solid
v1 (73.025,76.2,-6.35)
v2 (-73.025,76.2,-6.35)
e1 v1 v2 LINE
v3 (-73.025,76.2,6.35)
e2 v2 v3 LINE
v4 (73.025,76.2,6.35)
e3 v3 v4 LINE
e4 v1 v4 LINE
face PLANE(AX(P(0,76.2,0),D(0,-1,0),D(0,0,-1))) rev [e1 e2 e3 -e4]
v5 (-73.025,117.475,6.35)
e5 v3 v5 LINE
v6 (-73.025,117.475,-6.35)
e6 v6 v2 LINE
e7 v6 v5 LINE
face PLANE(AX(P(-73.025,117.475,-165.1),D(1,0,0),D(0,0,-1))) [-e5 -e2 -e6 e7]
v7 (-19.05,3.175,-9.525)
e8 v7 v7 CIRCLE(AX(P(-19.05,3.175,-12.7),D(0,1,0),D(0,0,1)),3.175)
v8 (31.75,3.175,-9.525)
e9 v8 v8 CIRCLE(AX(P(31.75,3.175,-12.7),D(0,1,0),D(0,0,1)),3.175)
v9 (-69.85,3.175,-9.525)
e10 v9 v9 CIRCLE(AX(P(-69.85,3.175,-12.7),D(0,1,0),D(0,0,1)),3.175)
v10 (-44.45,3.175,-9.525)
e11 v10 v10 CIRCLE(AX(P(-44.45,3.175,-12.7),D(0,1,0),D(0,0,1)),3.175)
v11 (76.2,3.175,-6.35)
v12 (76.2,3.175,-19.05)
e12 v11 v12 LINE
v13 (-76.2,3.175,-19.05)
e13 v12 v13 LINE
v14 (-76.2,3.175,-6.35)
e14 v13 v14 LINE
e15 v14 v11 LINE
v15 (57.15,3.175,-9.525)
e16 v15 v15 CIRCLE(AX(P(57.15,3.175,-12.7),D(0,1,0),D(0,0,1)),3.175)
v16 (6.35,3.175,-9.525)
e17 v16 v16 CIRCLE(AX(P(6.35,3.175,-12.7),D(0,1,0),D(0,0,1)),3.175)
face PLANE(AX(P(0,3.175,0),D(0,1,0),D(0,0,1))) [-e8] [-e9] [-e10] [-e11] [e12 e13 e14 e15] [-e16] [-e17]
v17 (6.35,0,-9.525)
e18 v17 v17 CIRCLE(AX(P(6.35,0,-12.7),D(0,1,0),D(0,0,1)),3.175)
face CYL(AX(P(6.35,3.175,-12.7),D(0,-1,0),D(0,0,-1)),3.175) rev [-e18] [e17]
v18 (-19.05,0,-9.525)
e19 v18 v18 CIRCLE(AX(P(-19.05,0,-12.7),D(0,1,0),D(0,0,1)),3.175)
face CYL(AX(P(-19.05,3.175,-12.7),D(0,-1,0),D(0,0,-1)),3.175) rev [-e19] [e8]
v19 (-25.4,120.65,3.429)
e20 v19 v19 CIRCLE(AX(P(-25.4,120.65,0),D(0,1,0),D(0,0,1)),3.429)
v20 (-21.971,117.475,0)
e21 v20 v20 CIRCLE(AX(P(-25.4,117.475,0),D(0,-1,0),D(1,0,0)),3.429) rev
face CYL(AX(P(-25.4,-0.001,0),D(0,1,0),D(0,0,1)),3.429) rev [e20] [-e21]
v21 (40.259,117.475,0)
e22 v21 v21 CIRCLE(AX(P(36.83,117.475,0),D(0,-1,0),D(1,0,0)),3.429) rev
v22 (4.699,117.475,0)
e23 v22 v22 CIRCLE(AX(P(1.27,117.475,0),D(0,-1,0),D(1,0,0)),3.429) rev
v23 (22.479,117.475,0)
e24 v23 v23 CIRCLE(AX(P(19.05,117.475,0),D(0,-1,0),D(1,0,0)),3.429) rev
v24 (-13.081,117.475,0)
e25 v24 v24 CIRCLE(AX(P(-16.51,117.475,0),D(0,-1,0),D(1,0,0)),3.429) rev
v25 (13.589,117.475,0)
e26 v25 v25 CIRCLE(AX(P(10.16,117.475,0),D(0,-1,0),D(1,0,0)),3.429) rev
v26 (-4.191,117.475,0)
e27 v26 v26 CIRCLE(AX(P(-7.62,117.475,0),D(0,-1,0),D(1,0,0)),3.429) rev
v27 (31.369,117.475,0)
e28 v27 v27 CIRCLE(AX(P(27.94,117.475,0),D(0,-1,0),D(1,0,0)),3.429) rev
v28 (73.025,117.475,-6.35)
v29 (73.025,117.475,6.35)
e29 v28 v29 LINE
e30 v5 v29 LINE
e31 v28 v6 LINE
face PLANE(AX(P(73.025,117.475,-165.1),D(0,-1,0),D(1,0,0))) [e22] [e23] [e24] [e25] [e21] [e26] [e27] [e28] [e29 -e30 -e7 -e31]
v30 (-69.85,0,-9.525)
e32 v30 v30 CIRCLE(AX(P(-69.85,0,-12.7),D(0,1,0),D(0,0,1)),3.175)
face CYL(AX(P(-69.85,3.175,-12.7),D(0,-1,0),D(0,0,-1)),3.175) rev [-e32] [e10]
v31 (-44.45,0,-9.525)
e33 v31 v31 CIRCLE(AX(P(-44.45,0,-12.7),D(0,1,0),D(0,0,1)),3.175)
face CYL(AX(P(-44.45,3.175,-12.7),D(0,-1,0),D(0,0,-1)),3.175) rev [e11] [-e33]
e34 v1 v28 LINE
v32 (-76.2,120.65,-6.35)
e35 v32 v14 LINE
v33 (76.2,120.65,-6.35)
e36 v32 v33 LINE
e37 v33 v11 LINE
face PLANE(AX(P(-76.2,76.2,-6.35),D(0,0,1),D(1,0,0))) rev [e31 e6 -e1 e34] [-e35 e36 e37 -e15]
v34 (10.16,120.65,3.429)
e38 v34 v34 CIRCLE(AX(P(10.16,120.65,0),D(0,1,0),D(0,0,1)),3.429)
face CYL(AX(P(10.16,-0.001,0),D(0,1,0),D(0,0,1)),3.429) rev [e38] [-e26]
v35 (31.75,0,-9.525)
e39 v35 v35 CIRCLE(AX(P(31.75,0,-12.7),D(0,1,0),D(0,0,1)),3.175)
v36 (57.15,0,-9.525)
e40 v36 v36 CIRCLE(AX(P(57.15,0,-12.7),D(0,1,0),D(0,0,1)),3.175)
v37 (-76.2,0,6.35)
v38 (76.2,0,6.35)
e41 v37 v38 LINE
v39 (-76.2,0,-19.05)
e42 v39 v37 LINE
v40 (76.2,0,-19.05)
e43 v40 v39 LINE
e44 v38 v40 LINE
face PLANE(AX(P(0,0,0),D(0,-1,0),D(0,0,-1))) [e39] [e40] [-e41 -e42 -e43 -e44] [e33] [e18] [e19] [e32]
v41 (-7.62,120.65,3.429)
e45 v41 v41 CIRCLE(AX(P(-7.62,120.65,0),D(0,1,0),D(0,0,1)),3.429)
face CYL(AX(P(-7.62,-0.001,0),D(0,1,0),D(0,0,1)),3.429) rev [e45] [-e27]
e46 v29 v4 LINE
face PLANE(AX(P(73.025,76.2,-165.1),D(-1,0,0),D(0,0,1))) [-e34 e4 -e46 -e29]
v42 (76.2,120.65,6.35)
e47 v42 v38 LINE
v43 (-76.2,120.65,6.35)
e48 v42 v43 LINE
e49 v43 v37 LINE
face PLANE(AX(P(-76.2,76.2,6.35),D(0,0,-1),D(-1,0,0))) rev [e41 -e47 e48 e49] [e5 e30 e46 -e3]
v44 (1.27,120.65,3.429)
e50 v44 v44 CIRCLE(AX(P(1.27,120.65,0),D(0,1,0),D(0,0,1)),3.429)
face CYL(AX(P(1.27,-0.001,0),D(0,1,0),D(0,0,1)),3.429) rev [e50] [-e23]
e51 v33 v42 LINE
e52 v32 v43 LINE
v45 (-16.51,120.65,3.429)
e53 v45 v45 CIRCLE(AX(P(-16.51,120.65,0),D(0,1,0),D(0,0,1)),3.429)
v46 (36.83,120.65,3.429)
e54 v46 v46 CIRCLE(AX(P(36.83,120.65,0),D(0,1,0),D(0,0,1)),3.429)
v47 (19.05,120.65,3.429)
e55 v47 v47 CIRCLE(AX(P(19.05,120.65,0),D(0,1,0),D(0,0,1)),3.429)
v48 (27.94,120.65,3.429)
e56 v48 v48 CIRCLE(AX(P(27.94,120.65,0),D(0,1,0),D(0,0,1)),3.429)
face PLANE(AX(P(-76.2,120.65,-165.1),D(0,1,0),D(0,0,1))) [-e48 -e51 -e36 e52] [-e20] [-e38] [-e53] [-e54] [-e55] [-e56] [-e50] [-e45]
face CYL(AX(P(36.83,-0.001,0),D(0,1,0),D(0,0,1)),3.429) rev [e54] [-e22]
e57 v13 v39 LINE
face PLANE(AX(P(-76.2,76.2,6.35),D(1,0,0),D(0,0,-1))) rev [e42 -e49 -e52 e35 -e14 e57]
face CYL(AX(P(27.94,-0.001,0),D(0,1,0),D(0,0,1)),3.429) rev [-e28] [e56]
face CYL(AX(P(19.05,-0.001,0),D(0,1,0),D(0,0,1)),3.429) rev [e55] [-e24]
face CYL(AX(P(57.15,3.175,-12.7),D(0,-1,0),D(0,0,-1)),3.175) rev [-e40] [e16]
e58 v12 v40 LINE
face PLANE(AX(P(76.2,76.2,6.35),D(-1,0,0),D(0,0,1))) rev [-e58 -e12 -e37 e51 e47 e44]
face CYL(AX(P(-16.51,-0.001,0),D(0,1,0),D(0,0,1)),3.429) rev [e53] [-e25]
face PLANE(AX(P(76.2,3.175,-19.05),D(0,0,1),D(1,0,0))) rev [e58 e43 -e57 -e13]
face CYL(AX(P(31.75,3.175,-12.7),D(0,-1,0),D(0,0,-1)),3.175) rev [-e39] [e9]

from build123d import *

# Parameters (mm, degrees)
SKETCH1_W           = 152.4
SKETCH1_H           = 12.7
BOSS_EXTRUDE1_DEPTH = 76.2
SKETCH2_R           = 3.175
BOSS_EXTRUDE4_DEPTH = 3.175
BOSS_EXTRUDE5_DEPTH = 12.7
CUT_EXTRUDE1_REACH  = 145.964
SKETCH4_R           = 3.429


with BuildPart() as part:
    # Sketch1 → Boss-Extrude1 (new body)
    with BuildSketch(Plane(origin=(0, 0, 0), x_dir=(1, 0, 0), z_dir=(0, 1, 0))):
        Rectangle(SKETCH1_W, SKETCH1_H)
    extrude(amount=BOSS_EXTRUDE1_DEPTH)

    # Sketch2 → Boss-Extrude4 (add)
    with BuildSketch(Plane(origin=(0, 0, 0), x_dir=(1, 0, 0), z_dir=(0, 1, 0))):
        Polygon((-76.2, 12.7), (-76.2, 6.35), (76.2, 6.35), (76.2, 19.05), (-76.2, 19.05), align=None)
        with Locations(Location((-69.85, 12.7, 0), (0, 0, 270))):
            Circle(SKETCH2_R, mode=Mode.SUBTRACT)
        with Locations(Location((-44.45, 12.7, 0), (0, 0, 270))):
            Circle(SKETCH2_R, mode=Mode.SUBTRACT)
        with Locations(Location((-19.05, 12.7, 0), (0, 0, 270))):
            Circle(SKETCH2_R, mode=Mode.SUBTRACT)
        with Locations(Location((6.35, 12.7, 0), (0, 0, 270))):
            Circle(SKETCH2_R, mode=Mode.SUBTRACT)
        with Locations(Location((31.75, 12.7, 0), (0, 0, 270))):
            Circle(SKETCH2_R, mode=Mode.SUBTRACT)
        with Locations(Location((57.15, 12.7, 0), (0, 0, 270))):
            Circle(SKETCH2_R, mode=Mode.SUBTRACT)
    extrude(amount=BOSS_EXTRUDE4_DEPTH)

    # Sketch3 → Boss-Extrude5 (add)
    with BuildSketch(Plane.XY.offset(6.35)):
        Polygon((-76.2, 76.2), (-76.2, 120.65), (76.2, 120.65), (76.2, 76.2), (73.025, 76.2), (73.025, 117.475), (-73.025, 117.475), (-73.025, 76.2), align=None)
    extrude(amount=-BOSS_EXTRUDE5_DEPTH)

    # Sketch4 → Cut-Extrude1 (cut, up to next)
    with BuildSketch(Plane(origin=(0, 120.65, 0), x_dir=(1, 0, 0), z_dir=(0, 1, 0)), mode=Mode.PRIVATE) as cut_extrude1_sk1:
        with Locations(Location((-25.4, 0, 0), (0, 0, 270))):
            Circle(SKETCH4_R)
    cut_extrude1_tool1 = extrude(cut_extrude1_sk1.sketch, amount=-CUT_EXTRUDE1_REACH, mode=Mode.PRIVATE) & part.part
    # Sketch4 → Cut-Extrude1 (cut, up to next)
    with BuildSketch(Plane(origin=(0, 120.65, 0), x_dir=(1, 0, 0), z_dir=(0, 1, 0)), mode=Mode.PRIVATE) as cut_extrude1_sk2:
        with Locations(Location((-16.51, 0, 0), (0, 0, 270))):
            Circle(SKETCH4_R)
    cut_extrude1_tool2 = extrude(cut_extrude1_sk2.sketch, amount=-CUT_EXTRUDE1_REACH, mode=Mode.PRIVATE) & part.part
    # Sketch4 → Cut-Extrude1 (cut, up to next)
    with BuildSketch(Plane(origin=(0, 120.65, 0), x_dir=(1, 0, 0), z_dir=(0, 1, 0)), mode=Mode.PRIVATE) as cut_extrude1_sk3:
        with Locations(Location((-7.62, 0, 0), (0, 0, 270))):
            Circle(SKETCH4_R)
    cut_extrude1_tool3 = extrude(cut_extrude1_sk3.sketch, amount=-CUT_EXTRUDE1_REACH, mode=Mode.PRIVATE) & part.part
    # Sketch4 → Cut-Extrude1 (cut, up to next)
    with BuildSketch(Plane(origin=(0, 120.65, 0), x_dir=(1, 0, 0), z_dir=(0, 1, 0)), mode=Mode.PRIVATE) as cut_extrude1_sk4:
        with Locations(Location((1.27, 0, 0), (0, 0, 270))):
            Circle(SKETCH4_R)
    cut_extrude1_tool4 = extrude(cut_extrude1_sk4.sketch, amount=-CUT_EXTRUDE1_REACH, mode=Mode.PRIVATE) & part.part
    # Sketch4 → Cut-Extrude1 (cut, up to next)
    with BuildSketch(Plane(origin=(0, 120.65, 0), x_dir=(1, 0, 0), z_dir=(0, 1, 0)), mode=Mode.PRIVATE) as cut_extrude1_sk5:
        with Locations(Location((10.16, 0, 0), (0, 0, 270))):
            Circle(SKETCH4_R)
    cut_extrude1_tool5 = extrude(cut_extrude1_sk5.sketch, amount=-CUT_EXTRUDE1_REACH, mode=Mode.PRIVATE) & part.part
    # Sketch4 → Cut-Extrude1 (cut, up to next)
    with BuildSketch(Plane(origin=(0, 120.65, 0), x_dir=(1, 0, 0), z_dir=(0, 1, 0)), mode=Mode.PRIVATE) as cut_extrude1_sk6:
        with Locations(Location((19.05, 0, 0), (0, 0, 270))):
            Circle(SKETCH4_R)
    cut_extrude1_tool6 = extrude(cut_extrude1_sk6.sketch, amount=-CUT_EXTRUDE1_REACH, mode=Mode.PRIVATE) & part.part
    # Sketch4 → Cut-Extrude1 (cut, up to next)
    with BuildSketch(Plane(origin=(0, 120.65, 0), x_dir=(1, 0, 0), z_dir=(0, 1, 0)), mode=Mode.PRIVATE) as cut_extrude1_sk7:
        with Locations(Location((27.94, 0, 0), (0, 0, 270))):
            Circle(SKETCH4_R)
    cut_extrude1_tool7 = extrude(cut_extrude1_sk7.sketch, amount=-CUT_EXTRUDE1_REACH, mode=Mode.PRIVATE) & part.part
    # Sketch4 → Cut-Extrude1 (cut, up to next)
    with BuildSketch(Plane(origin=(0, 120.65, 0), x_dir=(1, 0, 0), z_dir=(0, 1, 0)), mode=Mode.PRIVATE) as cut_extrude1_sk8:
        with Locations(Location((36.83, 0, 0), (0, 0, 270))):
            Circle(SKETCH4_R)
    cut_extrude1_tool8 = extrude(cut_extrude1_sk8.sketch, amount=-CUT_EXTRUDE1_REACH, mode=Mode.PRIVATE) & part.part
    add(cut_extrude1_tool1.solids().sort_by_distance((-25.4, 120.65, 0))[0], mode=Mode.SUBTRACT)
    add(cut_extrude1_tool2.solids().sort_by_distance((-16.51, 120.65, 0))[0], mode=Mode.SUBTRACT)
    add(cut_extrude1_tool3.solids().sort_by_distance((-7.62, 120.65, 0))[0], mode=Mode.SUBTRACT)
    add(cut_extrude1_tool4.solids().sort_by_distance((1.27, 120.65, 0))[0], mode=Mode.SUBTRACT)
    add(cut_extrude1_tool5.solids().sort_by_distance((10.16, 120.65, 0))[0], mode=Mode.SUBTRACT)
    add(cut_extrude1_tool6.solids().sort_by_distance((19.05, 120.65, 0))[0], mode=Mode.SUBTRACT)
    add(cut_extrude1_tool7.solids().sort_by_distance((27.94, 120.65, 0))[0], mode=Mode.SUBTRACT)
    add(cut_extrude1_tool8.solids().sort_by_distance((36.83, 120.65, 0))[0], mode=Mode.SUBTRACT)


solid = part.part
